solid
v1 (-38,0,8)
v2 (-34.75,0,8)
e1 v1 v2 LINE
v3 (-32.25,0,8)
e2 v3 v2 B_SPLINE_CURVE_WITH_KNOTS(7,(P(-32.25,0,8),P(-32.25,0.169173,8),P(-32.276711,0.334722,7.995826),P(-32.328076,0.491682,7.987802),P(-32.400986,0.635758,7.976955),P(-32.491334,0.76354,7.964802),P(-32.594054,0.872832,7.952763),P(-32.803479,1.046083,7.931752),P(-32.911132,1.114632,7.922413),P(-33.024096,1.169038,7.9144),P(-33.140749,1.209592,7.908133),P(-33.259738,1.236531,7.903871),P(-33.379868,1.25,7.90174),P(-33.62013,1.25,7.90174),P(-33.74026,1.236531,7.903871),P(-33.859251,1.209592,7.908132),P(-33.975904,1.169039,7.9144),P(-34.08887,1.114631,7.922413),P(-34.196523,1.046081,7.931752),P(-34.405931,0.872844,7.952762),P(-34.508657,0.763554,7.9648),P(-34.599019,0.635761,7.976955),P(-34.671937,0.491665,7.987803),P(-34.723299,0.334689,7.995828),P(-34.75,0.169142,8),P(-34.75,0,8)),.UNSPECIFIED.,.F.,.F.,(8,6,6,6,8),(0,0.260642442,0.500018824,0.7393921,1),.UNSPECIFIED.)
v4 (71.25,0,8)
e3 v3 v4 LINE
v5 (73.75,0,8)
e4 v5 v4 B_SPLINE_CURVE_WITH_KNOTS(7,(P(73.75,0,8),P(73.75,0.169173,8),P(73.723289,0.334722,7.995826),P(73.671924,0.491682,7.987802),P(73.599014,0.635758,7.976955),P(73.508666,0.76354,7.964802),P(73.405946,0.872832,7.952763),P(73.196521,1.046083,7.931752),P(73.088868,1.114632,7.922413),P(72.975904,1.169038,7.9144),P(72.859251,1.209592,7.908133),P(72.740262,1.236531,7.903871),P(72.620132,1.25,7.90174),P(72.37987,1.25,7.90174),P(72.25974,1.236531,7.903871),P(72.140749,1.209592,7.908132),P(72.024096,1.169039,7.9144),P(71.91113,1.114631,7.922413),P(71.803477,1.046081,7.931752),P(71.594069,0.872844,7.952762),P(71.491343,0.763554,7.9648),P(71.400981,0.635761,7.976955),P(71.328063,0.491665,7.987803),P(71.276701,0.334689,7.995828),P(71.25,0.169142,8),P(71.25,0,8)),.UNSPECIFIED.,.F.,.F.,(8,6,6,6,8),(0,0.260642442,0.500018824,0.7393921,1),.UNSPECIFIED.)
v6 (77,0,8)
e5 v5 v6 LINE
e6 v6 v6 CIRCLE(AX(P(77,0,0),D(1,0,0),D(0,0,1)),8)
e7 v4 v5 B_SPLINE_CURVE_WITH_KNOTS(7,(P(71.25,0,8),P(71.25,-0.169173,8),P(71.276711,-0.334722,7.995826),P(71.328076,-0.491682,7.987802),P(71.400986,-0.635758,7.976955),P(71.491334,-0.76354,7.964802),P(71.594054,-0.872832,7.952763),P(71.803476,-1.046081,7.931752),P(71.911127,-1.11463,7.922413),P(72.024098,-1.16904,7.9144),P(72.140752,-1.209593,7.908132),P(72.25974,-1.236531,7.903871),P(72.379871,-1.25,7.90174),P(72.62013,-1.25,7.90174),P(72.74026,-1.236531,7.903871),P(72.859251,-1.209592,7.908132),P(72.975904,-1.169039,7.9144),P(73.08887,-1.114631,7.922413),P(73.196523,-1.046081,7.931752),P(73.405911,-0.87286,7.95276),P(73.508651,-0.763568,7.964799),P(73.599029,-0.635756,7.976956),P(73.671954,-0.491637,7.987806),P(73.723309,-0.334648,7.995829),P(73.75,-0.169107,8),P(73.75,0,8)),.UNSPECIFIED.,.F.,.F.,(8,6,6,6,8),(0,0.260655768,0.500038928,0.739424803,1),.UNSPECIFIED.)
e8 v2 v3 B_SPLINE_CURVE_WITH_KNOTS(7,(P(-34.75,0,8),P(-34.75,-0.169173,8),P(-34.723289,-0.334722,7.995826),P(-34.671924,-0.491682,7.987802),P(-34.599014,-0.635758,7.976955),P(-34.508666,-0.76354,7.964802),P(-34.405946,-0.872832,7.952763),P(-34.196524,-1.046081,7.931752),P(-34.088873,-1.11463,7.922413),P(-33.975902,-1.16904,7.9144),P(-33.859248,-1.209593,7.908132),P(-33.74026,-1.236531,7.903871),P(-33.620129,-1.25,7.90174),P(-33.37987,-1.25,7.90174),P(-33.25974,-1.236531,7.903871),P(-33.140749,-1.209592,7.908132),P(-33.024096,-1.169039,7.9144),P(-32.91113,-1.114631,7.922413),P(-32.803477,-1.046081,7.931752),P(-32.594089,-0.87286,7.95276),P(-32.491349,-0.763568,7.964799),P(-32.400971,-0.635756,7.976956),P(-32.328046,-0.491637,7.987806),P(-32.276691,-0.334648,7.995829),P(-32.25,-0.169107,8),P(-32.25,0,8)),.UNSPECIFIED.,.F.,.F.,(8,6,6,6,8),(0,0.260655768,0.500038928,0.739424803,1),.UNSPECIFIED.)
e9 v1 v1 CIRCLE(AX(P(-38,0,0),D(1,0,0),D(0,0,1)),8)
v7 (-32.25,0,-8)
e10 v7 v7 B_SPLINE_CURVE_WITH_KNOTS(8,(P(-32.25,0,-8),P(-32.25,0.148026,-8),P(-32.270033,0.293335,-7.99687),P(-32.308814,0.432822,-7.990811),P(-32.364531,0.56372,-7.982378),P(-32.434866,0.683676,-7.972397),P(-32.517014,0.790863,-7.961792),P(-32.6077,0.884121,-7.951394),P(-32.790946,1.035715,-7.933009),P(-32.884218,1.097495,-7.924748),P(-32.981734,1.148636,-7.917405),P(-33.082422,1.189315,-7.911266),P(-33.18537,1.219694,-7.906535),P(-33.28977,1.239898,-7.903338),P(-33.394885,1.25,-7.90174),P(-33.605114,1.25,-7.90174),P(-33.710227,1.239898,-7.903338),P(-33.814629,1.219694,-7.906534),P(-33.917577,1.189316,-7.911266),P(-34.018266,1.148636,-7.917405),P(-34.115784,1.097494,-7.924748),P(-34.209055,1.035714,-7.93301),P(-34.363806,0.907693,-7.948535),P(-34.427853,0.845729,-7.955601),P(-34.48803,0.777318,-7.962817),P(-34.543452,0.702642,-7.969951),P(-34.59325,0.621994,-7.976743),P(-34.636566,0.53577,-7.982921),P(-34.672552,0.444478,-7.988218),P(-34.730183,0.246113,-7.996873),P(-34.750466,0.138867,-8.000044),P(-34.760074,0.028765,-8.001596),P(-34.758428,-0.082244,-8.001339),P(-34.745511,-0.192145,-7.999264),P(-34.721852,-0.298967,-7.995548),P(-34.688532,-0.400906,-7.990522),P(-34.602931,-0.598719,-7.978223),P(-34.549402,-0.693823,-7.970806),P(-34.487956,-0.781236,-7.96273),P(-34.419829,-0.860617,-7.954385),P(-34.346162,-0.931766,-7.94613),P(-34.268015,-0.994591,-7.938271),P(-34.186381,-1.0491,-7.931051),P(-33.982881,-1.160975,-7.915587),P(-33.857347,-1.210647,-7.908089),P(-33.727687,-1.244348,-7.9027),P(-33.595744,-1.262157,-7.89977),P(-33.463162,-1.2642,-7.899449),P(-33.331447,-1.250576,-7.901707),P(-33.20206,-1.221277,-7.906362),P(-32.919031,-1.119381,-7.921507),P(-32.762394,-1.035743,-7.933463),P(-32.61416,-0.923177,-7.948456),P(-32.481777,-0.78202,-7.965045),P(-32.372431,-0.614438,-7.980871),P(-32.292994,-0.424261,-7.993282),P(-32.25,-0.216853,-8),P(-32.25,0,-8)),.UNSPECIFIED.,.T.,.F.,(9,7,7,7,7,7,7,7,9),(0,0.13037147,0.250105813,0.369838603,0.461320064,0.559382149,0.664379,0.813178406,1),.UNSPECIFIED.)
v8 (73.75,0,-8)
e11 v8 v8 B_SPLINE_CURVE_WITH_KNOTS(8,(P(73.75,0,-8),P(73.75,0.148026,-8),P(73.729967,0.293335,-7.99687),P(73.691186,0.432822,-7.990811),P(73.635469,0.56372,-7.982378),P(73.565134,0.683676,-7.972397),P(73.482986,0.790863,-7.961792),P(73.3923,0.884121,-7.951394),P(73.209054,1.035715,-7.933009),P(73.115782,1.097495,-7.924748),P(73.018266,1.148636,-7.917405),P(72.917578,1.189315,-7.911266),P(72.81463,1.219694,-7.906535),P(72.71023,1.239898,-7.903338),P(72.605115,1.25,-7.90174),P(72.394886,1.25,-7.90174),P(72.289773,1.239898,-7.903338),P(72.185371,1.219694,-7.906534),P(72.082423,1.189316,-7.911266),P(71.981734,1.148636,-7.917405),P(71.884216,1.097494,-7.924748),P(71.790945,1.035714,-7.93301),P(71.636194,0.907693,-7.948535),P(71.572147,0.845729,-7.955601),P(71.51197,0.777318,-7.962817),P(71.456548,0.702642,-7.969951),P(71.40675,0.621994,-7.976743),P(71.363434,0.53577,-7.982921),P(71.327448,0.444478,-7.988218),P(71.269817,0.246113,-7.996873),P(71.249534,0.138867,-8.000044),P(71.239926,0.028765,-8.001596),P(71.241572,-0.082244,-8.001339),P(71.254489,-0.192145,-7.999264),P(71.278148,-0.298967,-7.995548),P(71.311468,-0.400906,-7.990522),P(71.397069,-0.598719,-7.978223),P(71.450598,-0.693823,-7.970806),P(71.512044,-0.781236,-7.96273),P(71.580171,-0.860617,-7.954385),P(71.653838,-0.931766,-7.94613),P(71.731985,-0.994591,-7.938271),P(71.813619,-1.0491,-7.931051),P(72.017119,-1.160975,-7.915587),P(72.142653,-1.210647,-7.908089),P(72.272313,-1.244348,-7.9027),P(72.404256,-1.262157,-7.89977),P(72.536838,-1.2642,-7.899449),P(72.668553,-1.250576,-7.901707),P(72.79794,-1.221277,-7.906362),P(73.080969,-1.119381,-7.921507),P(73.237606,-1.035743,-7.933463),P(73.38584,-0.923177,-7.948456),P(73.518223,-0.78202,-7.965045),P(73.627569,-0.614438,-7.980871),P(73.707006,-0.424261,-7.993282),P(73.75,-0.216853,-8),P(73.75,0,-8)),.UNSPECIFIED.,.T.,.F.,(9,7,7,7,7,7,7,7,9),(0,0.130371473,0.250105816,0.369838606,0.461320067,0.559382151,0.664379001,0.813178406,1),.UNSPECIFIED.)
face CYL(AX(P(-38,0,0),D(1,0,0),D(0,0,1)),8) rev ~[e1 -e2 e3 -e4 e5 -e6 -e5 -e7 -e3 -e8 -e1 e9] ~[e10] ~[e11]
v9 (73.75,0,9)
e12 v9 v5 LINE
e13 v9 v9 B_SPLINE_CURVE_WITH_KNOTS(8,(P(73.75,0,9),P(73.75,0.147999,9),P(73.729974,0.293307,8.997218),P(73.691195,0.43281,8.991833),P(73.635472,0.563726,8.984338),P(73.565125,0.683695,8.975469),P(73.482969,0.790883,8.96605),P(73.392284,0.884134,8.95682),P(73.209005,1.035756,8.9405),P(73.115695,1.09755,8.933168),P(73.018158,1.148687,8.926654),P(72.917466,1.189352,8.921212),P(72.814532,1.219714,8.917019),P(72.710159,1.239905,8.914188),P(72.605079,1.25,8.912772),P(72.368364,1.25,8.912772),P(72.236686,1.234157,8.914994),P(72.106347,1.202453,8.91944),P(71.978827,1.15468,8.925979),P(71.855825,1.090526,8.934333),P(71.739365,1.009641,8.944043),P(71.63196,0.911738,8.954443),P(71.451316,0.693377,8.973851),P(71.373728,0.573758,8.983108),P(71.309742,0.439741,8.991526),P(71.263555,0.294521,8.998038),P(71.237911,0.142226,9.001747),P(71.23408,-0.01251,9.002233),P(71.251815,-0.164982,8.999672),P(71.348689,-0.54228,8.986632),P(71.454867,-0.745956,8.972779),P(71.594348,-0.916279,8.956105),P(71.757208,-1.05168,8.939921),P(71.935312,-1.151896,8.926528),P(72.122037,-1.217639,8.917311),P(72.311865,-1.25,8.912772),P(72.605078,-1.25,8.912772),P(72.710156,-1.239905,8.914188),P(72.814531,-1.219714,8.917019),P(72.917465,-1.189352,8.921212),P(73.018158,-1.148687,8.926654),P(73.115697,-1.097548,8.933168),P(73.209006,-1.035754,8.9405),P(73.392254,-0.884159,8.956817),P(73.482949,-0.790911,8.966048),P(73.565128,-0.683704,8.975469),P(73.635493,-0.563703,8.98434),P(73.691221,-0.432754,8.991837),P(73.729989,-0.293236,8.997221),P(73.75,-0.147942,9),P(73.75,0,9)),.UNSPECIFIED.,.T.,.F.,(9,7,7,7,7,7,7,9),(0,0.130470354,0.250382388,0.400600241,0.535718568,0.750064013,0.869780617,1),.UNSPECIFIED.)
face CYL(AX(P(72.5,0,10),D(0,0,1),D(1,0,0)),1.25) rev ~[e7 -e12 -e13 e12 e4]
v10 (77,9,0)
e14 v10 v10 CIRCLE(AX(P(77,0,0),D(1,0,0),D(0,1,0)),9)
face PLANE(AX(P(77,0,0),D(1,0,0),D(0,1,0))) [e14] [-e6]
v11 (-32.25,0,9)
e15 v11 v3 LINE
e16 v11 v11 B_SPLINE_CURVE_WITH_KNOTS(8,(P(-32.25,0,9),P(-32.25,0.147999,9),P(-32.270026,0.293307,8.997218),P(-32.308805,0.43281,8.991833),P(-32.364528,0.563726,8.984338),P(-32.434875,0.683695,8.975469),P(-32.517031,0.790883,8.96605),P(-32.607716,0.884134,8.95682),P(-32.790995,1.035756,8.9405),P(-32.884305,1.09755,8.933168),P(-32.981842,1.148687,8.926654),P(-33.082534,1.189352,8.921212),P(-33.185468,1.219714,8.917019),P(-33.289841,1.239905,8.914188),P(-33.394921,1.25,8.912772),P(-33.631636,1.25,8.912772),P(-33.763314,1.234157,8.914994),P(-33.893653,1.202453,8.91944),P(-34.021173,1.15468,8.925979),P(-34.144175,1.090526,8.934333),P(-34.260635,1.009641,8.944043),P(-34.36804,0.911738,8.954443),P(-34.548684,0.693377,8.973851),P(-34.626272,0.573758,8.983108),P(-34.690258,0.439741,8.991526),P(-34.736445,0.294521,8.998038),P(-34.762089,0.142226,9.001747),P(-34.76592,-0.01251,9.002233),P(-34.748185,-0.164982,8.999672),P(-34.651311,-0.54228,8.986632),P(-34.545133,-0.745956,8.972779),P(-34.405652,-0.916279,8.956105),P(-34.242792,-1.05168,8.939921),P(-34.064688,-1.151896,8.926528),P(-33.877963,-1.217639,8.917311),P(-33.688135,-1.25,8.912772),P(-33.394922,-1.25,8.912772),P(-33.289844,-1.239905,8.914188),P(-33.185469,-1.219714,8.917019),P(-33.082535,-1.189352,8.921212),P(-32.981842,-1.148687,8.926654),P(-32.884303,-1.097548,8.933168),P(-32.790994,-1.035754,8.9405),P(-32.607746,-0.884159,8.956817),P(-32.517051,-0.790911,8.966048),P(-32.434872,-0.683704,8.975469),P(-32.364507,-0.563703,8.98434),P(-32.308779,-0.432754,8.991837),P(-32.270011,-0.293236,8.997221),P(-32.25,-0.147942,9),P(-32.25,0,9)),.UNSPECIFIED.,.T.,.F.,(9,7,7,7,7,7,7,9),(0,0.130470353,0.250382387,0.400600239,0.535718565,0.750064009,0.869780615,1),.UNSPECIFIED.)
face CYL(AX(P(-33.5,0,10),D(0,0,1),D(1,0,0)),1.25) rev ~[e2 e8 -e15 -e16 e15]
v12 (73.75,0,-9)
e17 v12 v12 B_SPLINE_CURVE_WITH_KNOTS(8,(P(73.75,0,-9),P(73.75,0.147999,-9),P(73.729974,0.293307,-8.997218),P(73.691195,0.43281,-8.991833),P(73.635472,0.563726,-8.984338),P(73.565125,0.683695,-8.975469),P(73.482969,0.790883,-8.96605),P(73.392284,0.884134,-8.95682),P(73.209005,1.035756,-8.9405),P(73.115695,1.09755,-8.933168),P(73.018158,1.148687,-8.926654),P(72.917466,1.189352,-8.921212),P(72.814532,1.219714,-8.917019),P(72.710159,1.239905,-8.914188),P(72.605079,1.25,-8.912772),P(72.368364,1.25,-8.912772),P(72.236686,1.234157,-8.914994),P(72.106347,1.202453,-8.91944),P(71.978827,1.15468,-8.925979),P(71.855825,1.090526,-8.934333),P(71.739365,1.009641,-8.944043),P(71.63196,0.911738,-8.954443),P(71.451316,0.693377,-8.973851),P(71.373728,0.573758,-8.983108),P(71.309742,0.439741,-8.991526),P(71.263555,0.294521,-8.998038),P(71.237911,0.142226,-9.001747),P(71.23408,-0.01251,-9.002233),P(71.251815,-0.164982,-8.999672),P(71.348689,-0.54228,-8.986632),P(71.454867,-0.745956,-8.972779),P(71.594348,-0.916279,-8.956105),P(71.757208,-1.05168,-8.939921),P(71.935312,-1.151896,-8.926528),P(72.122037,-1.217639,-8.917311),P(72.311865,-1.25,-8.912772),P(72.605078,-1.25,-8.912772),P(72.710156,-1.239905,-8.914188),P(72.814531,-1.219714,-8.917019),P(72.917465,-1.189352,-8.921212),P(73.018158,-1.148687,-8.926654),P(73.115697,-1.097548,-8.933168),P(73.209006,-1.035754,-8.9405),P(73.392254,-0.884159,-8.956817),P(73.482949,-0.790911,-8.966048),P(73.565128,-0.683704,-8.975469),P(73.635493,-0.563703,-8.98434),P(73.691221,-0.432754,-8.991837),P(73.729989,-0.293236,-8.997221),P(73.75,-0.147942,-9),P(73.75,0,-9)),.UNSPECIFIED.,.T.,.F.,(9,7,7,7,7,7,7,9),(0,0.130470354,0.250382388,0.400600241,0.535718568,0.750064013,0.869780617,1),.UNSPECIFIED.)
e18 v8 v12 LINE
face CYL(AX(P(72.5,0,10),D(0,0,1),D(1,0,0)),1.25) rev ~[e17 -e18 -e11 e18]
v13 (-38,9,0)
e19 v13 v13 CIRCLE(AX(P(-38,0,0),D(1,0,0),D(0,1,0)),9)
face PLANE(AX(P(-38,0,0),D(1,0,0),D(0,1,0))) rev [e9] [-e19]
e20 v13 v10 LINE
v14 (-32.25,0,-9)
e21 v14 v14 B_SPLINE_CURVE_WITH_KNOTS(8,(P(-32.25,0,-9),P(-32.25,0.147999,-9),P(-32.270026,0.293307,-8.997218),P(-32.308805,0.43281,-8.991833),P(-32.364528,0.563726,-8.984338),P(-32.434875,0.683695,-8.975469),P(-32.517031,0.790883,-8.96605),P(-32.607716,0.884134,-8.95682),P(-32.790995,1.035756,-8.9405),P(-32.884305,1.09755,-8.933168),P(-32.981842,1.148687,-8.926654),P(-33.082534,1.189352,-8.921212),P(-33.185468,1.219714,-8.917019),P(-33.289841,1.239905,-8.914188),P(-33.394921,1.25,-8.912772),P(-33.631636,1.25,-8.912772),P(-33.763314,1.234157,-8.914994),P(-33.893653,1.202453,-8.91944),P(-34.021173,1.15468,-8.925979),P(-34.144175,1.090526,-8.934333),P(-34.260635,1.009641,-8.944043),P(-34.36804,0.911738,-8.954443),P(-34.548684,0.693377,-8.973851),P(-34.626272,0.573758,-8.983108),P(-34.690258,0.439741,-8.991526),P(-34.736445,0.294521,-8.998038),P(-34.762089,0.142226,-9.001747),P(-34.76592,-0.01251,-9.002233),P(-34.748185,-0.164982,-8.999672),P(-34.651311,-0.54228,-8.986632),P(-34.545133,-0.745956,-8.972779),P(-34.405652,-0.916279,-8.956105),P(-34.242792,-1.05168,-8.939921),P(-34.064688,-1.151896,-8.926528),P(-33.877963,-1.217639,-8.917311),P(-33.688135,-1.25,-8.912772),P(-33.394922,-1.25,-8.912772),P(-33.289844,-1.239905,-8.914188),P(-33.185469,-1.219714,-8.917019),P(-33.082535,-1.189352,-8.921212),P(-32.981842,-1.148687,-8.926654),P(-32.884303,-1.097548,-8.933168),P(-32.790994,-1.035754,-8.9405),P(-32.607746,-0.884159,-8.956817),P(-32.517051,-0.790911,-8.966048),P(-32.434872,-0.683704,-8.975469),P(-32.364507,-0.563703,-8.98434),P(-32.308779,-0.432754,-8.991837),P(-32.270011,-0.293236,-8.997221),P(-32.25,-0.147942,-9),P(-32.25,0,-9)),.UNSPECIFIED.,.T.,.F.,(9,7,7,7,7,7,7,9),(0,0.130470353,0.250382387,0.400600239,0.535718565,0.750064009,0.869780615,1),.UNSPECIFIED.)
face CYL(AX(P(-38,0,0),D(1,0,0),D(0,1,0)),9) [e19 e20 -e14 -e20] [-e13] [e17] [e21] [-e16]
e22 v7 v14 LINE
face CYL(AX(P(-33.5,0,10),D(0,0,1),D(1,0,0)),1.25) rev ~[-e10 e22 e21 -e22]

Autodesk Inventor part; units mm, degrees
ref_plane "YZ Plane" through (0, 0, 0) normal (1, 0, 0) x (0, 1, 0)
ref_plane "XZ Plane" through (0, 0, 0) normal (0, 1, 0) x (-1, 0, 0)
sketch "ShaftProfile" plane through (0, 0, 0) normal (0, 0, 1) x (1, 0, 0)
  line L0 (-61, 0) -> (100, 0) construction
  line L1 (-38, 9) -> (77, 9)
  line L2 (77, 9) -> (77, 0)
  line L3 (-38, 0) -> (-38, 9)
  line L4 (-38, 0) -> (77, 0)
  point P0 (0, 0)
  dimension "d1" = 115
  dimension "d2" = 9
  dimension "d4" = 38
revolve "ShaftFeature" add sketch "ShaftProfile" angle 360 about axis through (-38, 0, 0) along (1, 0, 0)
sketch "Sketch2" plane through (-38, 0, 0) normal (-1, 0, 0) x (0, 0, 1)
  circle A0 centre (0, 0) radius 9 projected
hole "ShaftHoleFeature" at (-38, 0, 0) direction (1, 0, 0) diameter 16 end through all
ref_plane "MidSidePlane" through (0, 0, 10) normal (0, 0, 1) x (1, 0, 0)
sketch "CapHoles" plane through (0, 0, 10) normal (0, 0, 1) x (1, 0, 0)
  line L0 (77, -9) -> (77, 9) construction
  line L1 (-38, -9) -> (-38, 9) construction
  line L2 (-56, 0) -> (70, 0) construction
  circle A0 centre (-33.5, 0) radius 1.25
  circle A1 centre (72.5, 0) radius 1.25
  dimension "d24" = 2.5
  dimension "d25" = 4.5
  dimension "d26" = 4.5
extrude "CapHolesFeature" cut sketch "CapHoles" against normal through all
equation "\"d26\" = d25"
properties part number "BackPair1PistonShaft"
